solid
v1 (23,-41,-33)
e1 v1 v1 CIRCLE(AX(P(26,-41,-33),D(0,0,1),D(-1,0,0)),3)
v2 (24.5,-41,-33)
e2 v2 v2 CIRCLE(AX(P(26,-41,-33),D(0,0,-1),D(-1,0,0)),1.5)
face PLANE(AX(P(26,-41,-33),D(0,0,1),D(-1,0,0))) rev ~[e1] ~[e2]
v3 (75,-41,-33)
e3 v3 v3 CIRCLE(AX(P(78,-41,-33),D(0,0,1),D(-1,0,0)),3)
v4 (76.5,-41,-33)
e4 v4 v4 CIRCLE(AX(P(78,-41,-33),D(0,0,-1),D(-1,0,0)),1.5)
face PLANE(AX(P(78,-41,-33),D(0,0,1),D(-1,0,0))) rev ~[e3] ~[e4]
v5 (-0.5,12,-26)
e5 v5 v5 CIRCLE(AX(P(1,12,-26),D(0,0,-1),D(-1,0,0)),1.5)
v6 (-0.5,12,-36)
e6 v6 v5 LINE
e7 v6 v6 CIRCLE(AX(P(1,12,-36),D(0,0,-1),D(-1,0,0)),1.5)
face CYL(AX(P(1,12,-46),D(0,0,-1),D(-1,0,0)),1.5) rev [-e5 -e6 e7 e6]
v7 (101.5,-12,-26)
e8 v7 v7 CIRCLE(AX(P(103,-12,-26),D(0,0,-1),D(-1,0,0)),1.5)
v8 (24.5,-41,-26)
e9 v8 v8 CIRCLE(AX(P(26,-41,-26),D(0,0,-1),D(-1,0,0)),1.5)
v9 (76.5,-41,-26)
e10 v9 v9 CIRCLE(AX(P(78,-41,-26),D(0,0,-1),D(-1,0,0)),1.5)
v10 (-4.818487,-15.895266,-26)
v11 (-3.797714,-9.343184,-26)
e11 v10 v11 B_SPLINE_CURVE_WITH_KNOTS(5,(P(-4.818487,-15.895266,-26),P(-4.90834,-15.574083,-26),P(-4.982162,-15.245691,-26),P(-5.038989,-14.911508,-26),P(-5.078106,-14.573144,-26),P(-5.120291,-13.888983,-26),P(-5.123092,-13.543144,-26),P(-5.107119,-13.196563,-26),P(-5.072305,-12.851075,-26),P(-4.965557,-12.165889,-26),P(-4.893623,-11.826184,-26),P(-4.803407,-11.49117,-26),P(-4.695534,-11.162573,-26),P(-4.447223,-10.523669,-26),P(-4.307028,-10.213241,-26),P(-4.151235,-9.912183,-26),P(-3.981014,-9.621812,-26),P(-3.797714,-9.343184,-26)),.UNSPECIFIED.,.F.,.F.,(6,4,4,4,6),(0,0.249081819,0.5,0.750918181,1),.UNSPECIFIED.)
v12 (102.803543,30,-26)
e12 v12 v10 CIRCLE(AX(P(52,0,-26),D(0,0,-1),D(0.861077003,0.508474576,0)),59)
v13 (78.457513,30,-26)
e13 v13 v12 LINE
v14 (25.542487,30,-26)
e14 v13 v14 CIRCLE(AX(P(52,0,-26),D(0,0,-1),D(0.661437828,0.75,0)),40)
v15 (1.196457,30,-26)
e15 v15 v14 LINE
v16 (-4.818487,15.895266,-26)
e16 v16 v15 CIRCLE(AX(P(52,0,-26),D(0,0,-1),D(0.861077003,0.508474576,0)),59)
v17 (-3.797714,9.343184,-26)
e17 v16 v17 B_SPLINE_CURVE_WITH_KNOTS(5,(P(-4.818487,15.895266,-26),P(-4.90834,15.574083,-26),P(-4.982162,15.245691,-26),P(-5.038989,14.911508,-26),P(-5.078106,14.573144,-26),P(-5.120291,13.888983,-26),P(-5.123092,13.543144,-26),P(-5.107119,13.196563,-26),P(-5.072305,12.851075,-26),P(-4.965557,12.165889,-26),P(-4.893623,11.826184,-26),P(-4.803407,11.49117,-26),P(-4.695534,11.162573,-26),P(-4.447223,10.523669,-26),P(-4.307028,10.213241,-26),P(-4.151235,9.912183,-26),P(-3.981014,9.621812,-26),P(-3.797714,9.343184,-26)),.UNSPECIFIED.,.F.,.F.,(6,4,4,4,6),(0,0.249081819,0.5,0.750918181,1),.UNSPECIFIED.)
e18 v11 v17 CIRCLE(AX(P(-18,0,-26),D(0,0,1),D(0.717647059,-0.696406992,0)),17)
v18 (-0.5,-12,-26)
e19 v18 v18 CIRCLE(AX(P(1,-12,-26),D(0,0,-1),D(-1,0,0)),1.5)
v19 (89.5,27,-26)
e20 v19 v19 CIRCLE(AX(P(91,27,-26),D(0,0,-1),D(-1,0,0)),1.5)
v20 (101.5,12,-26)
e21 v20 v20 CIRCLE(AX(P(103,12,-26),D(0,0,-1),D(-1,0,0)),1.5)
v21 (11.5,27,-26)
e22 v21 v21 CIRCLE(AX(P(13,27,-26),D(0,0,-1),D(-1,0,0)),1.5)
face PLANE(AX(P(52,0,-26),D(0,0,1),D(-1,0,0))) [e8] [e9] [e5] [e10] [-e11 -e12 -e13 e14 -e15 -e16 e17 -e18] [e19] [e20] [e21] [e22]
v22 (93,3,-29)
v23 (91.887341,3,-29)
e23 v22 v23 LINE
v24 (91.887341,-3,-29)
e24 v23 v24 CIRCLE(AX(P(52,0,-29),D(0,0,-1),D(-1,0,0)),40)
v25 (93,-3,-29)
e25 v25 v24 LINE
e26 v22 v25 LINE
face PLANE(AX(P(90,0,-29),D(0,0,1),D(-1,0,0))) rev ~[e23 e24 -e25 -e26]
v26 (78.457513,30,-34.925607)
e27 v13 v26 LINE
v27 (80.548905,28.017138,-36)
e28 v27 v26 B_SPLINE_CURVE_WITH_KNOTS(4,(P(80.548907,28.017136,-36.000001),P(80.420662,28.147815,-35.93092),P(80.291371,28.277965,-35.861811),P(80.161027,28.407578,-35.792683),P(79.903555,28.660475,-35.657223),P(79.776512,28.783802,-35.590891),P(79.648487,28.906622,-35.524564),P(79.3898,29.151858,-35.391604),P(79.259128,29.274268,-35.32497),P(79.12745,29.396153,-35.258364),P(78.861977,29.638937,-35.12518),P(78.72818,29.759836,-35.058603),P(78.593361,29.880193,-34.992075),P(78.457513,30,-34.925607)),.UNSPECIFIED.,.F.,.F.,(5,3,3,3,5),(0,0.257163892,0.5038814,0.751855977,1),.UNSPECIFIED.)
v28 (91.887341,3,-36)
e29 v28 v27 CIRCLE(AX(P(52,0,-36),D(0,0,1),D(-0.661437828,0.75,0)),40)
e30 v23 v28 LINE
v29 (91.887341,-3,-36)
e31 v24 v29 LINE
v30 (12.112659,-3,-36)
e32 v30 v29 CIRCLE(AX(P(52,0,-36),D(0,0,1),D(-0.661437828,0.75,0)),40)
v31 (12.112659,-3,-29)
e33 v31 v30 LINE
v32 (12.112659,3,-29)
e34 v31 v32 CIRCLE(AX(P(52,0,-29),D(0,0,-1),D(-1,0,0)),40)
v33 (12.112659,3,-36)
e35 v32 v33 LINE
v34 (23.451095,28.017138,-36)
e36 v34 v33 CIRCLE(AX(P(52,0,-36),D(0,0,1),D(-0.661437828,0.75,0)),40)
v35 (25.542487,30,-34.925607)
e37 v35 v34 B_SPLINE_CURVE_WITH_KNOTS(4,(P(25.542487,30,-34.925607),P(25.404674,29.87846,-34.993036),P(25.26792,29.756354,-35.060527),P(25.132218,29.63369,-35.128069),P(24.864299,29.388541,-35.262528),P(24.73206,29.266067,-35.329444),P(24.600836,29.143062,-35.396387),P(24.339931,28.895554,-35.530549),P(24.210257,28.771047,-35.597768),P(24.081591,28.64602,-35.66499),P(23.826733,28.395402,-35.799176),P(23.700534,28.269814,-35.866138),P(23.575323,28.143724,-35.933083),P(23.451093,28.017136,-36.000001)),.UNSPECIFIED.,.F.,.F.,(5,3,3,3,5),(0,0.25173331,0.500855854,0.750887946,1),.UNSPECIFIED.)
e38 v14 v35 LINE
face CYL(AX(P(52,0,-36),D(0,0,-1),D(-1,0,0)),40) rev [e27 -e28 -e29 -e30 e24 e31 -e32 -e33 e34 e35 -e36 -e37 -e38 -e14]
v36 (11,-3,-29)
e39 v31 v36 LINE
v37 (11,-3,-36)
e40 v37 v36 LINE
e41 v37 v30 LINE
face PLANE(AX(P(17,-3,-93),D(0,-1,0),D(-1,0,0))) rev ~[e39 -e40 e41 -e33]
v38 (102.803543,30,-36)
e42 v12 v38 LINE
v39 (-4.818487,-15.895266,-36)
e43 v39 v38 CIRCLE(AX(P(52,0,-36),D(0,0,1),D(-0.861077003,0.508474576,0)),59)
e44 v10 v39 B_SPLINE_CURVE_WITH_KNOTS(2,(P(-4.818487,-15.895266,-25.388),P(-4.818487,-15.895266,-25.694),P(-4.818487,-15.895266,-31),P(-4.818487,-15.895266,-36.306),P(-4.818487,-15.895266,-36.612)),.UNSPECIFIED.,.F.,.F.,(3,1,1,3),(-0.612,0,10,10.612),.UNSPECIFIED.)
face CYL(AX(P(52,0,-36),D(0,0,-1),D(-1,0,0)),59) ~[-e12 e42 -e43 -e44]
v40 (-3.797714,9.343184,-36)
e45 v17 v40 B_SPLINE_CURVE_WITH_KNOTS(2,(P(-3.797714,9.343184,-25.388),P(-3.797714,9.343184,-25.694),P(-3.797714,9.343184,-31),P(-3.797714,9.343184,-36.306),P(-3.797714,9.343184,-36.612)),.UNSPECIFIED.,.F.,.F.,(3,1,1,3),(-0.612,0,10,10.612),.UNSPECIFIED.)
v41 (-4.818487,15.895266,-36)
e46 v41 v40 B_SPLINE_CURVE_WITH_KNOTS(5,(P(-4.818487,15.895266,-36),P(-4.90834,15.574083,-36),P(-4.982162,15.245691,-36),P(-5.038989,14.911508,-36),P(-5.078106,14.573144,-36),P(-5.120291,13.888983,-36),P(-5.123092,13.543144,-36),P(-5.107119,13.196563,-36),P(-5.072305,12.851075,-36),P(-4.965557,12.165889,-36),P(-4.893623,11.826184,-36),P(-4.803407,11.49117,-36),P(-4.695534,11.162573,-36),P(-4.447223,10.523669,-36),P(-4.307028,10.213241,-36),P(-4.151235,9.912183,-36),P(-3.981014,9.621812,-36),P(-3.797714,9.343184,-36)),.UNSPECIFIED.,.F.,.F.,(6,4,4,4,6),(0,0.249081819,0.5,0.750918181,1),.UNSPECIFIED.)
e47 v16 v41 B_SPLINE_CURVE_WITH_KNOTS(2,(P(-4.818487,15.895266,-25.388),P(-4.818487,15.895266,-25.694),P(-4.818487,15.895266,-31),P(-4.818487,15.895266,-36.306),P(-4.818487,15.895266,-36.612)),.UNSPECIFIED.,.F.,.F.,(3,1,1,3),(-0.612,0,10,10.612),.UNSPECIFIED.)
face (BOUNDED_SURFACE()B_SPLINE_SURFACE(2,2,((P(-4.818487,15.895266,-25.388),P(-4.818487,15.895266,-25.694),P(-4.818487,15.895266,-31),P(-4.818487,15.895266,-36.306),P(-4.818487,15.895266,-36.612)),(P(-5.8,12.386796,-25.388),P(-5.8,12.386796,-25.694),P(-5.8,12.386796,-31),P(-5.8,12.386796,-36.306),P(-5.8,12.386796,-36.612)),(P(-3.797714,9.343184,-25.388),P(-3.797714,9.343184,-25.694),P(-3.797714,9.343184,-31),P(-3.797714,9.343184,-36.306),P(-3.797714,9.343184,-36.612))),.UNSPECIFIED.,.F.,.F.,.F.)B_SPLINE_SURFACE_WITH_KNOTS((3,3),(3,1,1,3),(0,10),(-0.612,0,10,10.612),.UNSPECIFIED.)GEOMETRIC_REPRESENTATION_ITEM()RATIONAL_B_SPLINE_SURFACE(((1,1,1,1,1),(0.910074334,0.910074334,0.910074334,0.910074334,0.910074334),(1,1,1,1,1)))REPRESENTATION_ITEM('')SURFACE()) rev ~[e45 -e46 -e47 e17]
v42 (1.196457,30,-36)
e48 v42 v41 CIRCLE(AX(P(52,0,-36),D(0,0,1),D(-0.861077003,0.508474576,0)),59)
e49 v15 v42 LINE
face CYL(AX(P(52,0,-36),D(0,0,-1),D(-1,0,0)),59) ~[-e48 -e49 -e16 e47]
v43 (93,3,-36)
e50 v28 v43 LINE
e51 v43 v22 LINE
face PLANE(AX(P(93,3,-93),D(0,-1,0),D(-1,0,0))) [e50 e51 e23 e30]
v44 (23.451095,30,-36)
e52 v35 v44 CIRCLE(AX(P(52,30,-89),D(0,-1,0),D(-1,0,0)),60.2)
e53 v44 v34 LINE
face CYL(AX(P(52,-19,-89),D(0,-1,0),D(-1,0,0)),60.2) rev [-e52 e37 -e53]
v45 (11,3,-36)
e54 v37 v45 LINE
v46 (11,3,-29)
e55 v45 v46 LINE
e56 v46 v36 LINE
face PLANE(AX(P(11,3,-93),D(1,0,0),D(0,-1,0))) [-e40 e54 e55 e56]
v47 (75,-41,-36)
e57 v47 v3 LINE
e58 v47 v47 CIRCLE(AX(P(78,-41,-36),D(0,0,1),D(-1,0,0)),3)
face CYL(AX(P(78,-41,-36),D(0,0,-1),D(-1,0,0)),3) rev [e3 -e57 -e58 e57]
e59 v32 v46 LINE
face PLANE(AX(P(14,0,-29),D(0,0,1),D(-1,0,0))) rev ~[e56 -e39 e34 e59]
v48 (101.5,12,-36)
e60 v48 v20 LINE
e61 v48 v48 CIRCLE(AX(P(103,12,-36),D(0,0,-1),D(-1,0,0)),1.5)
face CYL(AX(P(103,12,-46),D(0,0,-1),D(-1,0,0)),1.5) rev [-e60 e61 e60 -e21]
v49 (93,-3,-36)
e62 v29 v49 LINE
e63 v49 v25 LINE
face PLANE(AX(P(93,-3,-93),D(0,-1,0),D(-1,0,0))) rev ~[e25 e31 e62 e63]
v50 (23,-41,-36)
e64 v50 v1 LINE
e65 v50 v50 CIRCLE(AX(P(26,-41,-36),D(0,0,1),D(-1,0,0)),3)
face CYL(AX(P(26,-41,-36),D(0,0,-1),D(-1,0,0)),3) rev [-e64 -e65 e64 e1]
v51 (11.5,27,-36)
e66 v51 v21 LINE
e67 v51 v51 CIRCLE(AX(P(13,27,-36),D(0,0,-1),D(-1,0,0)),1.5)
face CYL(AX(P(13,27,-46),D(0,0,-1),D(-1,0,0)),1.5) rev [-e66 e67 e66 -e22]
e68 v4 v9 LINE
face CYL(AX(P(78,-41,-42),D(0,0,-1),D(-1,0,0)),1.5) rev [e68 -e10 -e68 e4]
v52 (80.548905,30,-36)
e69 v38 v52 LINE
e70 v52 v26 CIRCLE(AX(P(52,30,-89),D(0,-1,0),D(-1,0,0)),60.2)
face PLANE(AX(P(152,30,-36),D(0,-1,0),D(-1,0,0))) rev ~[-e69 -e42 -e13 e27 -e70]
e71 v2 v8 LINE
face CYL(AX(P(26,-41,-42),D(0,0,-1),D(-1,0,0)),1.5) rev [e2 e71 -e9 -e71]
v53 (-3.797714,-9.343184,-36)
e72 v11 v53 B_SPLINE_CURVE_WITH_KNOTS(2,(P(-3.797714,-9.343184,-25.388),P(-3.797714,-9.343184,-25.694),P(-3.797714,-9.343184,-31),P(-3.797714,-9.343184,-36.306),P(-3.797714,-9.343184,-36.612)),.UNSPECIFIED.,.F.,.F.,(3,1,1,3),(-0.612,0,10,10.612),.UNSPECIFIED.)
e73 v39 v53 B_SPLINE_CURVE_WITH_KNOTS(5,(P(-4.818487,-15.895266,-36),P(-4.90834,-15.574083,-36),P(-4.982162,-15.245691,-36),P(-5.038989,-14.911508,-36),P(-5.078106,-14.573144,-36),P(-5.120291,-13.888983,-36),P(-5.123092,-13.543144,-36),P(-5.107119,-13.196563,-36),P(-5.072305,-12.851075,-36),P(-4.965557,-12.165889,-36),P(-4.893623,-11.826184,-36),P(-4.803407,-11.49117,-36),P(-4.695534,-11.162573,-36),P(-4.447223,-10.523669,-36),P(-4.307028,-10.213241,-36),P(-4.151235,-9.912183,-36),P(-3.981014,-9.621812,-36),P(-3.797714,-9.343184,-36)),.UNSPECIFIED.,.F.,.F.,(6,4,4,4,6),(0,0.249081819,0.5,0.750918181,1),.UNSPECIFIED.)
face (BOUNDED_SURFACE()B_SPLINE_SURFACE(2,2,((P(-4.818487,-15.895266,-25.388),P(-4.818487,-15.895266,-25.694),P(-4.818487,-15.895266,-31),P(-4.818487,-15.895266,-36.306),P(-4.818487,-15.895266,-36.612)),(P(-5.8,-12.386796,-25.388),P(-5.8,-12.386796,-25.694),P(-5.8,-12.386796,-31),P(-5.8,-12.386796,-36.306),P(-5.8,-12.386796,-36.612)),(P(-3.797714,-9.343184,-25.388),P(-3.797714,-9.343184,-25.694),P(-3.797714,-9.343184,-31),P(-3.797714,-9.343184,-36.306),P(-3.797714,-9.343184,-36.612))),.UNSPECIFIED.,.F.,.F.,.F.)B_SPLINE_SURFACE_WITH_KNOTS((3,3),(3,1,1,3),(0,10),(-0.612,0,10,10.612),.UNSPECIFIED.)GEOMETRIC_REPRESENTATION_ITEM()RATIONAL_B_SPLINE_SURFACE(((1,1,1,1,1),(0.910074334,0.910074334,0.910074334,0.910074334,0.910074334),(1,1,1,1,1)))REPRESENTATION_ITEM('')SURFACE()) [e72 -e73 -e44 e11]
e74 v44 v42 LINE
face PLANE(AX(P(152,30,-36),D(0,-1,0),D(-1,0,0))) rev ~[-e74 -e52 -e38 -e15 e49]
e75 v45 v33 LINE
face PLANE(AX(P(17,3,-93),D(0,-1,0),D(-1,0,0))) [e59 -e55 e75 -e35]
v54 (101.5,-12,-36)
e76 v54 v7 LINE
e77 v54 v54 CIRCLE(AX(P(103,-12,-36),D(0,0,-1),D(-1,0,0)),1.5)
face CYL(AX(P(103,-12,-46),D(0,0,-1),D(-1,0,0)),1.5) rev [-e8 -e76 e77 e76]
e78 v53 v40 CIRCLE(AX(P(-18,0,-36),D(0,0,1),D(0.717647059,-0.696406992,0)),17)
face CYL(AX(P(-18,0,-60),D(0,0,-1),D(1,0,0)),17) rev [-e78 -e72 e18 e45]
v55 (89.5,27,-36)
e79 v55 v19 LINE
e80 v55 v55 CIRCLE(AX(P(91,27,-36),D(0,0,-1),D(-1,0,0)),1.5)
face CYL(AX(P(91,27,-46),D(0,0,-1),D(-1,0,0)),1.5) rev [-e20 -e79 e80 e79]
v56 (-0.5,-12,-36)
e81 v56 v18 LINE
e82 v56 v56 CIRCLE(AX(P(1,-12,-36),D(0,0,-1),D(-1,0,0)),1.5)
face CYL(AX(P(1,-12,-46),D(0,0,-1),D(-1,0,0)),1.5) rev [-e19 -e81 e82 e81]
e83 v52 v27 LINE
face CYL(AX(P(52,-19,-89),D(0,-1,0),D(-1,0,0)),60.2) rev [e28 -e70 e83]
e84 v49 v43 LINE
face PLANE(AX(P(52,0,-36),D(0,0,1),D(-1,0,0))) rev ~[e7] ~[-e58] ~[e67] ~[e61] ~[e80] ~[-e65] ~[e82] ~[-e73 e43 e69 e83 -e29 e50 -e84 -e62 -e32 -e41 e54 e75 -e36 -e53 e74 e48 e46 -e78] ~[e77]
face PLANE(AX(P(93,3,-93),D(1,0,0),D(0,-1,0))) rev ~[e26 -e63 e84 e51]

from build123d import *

# Parameters (mm, degrees)
CYLINDER2353_R         = 17
CYLINDER2353_DEPTH     = 160
CYLINDER2410_R         = 60.2
CYLINDER2410_DEPTH     = 58
BOX593_W               = 6
BOX593_H               = 6
BOX593_DEPTH           = 64
BOX592_W               = 6
BOX592_H               = 6
BOX592_DEPTH           = 64
CYLINDER2386_R         = 3
CYLINDER2386_DEPTH     = 3
CYLINDER2368_R         = 3
CYLINDER2368_DEPTH     = 3
CYLINDER2394_R         = 1.5
CYLINDER2394_DEPTH     = 32
CYLINDER2392_R         = 1.5
CYLINDER2392_DEPTH     = 32
CYLINDER2391_R         = 1.5
CYLINDER2391_DEPTH     = 100
CYLINDER2406_R         = 1.5
CYLINDER2406_DEPTH     = 100
CYLINDER2396_R         = 1.5
CYLINDER2396_DEPTH     = 50
CYLINDER2393_R         = 1.5
CYLINDER2393_DEPTH     = 50
CYLINDER2389_R         = 1.5
CYLINDER2389_DEPTH     = 50
CYLINDER2398_R         = 1.5
CYLINDER2398_DEPTH     = 50
CYLINDER2379_R         = 1.5
CYLINDER2379_DEPTH     = 100
CYLINDER2399_R         = 1.5
CYLINDER2399_DEPTH     = 100
CYLINDER2401_R         = 1.5
CYLINDER2401_DEPTH     = 100
CYLINDER2405_R         = 1.5
CYLINDER2405_DEPTH     = 100
BOX590_W               = 200
BOX590_H               = 100
BOX590_DEPTH           = 32
TUBE096_R              = 59
TUBE096_R_2            = 40
TUBE096_DEPTH          = 10
CUT574_PLACEMENT_ANGLE = 180
FILLET047_R            = 8


with BuildPart() as v_lec2353:
    # Cylinder2353 → Cylinder2353 (new body)
    with BuildSketch(Plane(origin=(-18, 0, -60), x_dir=(1, 0, 0), z_dir=(0, 0, 1))):
        Circle(CYLINDER2353_R)
    extrude(amount=CYLINDER2353_DEPTH)


with BuildPart() as v_lec2410:
    # Cylinder2410 → Cylinder2410 (new body)
    with BuildSketch(Plane(origin=(0, 19, -53), x_dir=(1, 0, 0), z_dir=(0, -1, 0))):
        Circle(CYLINDER2410_R)
    extrude(amount=CYLINDER2410_DEPTH)


with BuildPart() as krychle593:
    # Box593 → Box593 (new body)
    with BuildSketch(Plane(origin=(87, -3, -93), x_dir=(1, 0, 0), z_dir=(0, 0, 1))):
        with Locations((3, 3)):
            Rectangle(BOX593_W, BOX593_H)
    extrude(amount=BOX593_DEPTH)


with BuildPart() as compound1005:
    # Box592 → Box592 (new body)
    with BuildSketch(Plane(origin=(11, -3, -93), x_dir=(1, 0, 0), z_dir=(0, 0, 1))):
        with Locations((3, 3)):
            Rectangle(BOX592_W, BOX592_H)
    extrude(amount=BOX592_DEPTH)

    # Compound1005: union Krychle593
    add(krychle593.part)


with BuildPart() as compound1005_1:
    # Compound1005 placement: moved
    add(compound1005.part.moved(Location((-52, 0, 36))))


with BuildPart() as v_lec2386:
    # Cylinder2386 → Cylinder2386 (new body)
    with BuildSketch(Plane(origin=(78, 41, -42), x_dir=(1, 0, 0), z_dir=(0, 0, 1))):
        Circle(CYLINDER2386_R)
    extrude(amount=CYLINDER2386_DEPTH)


with BuildPart() as compound1002:
    # Cylinder2368 → Cylinder2368 (new body)
    with BuildSketch(Plane(origin=(26, 41, -42), x_dir=(1, 0, 0), z_dir=(0, 0, 1))):
        Circle(CYLINDER2368_R)
    extrude(amount=CYLINDER2368_DEPTH)

    # Compound1002: union Válec2386
    add(v_lec2386.part)


with BuildPart() as compound1002_1:
    # Compound1002 placement: moved
    add(compound1002.part.moved(Location((-52, 0, 42))))


with BuildPart() as v_lec2394:
    # Cylinder2394 → Cylinder2394 (new body)
    with BuildSketch(Plane(origin=(78, 41, -42), x_dir=(1, 0, 0), z_dir=(0, 0, 1))):
        Circle(CYLINDER2394_R)
    extrude(amount=CYLINDER2394_DEPTH)


with BuildPart() as compound1008:
    # Cylinder2392 → Cylinder2392 (new body)
    with BuildSketch(Plane(origin=(26, 41, -42), x_dir=(1, 0, 0), z_dir=(0, 0, 1))):
        Circle(CYLINDER2392_R)
    extrude(amount=CYLINDER2392_DEPTH)

    # Compound1008: union Válec2394
    add(v_lec2394.part)


with BuildPart() as compound1008_1:
    # Compound1008 placement: moved
    add(compound1008.part.moved(Location((-52, 0, 36))))


with BuildPart() as v_lec2391:
    # Cylinder2391 → Cylinder2391 (new body)
    with BuildSketch(Plane(origin=(14, 0, -60), x_dir=(1, 0, 0), z_dir=(0, 0, 1))):
        Circle(CYLINDER2391_R)
    extrude(amount=CYLINDER2391_DEPTH)


with BuildPart() as compound1006:
    # Cylinder2406 → Cylinder2406 (new body)
    with BuildSketch(Plane(origin=(90, 0, -60), x_dir=(1, 0, 0), z_dir=(0, 0, 1))):
        Circle(CYLINDER2406_R)
    extrude(amount=CYLINDER2406_DEPTH)

    # Compound1022: union Válec2391
    add(v_lec2391.part)


with BuildPart() as compound1006_1:
    # Compound1022 placement: moved
    add(compound1006.part.moved(Location((-52, 0, 0))))

    # Compound1006: union Compound1008
    add(compound1008_1.part)


with BuildPart() as v_lec2396:
    # Cylinder2396 → Cylinder2396 (new body)
    with BuildSketch(Plane(origin=(-51, 6, 0), x_dir=(1, 0, 0), z_dir=(0, 0, 1))):
        Circle(CYLINDER2396_R)
    extrude(amount=CYLINDER2396_DEPTH)


with BuildPart() as v_lec2393:
    # Cylinder2393 → Cylinder2393 (new body)
    with BuildSketch(Plane(origin=(-24, 18, 0), x_dir=(1, 0, 0), z_dir=(0, 0, 1))):
        Circle(CYLINDER2393_R)
    extrude(amount=CYLINDER2393_DEPTH)


with BuildPart() as v_lec2389:
    # Cylinder2389 → Cylinder2389 (new body)
    with BuildSketch(Plane(origin=(24, 18, 0), x_dir=(1, 0, 0), z_dir=(0, 0, 1))):
        Circle(CYLINDER2389_R)
    extrude(amount=CYLINDER2389_DEPTH)


with BuildPart() as compound1015:
    # Cylinder2398 → Cylinder2398 (new body)
    with BuildSketch(Plane(origin=(51, 6, 0), x_dir=(1, 0, 0), z_dir=(0, 0, 1))):
        Circle(CYLINDER2398_R)
    extrude(amount=CYLINDER2398_DEPTH)

    # Compound1015: union Válec2396, Válec2393, Válec2389
    add(v_lec2396.part)
    add(v_lec2393.part)
    add(v_lec2389.part)


with BuildPart() as compound1015_1:
    # Compound1015 placement: moved
    add(compound1015.part.moved(Location((0, 6, 0))))


with BuildPart() as v_lec2379:
    # Cylinder2379 → Cylinder2379 (new body)
    with BuildSketch(Plane(origin=(51, -12, 0), x_dir=(1, 0, 0), z_dir=(0, 0, 1))):
        Circle(CYLINDER2379_R)
    extrude(amount=CYLINDER2379_DEPTH)


with BuildPart() as compound997:
    # Cylinder2399 → Cylinder2399 (new body)
    with BuildSketch(Plane(origin=(-51, -12, 0), x_dir=(1, 0, 0), z_dir=(0, 0, 1))):
        Circle(CYLINDER2399_R)
    extrude(amount=CYLINDER2399_DEPTH)

    # Compound997: union Válec2379
    add(v_lec2379.part)


with BuildPart() as v_lec2401:
    # Cylinder2401 → Cylinder2401 (new body)
    with BuildSketch(Plane(origin=(39, -21, 0), x_dir=(1, 0, 0), z_dir=(0, 0, 1))):
        Circle(CYLINDER2401_R)
    extrude(amount=CYLINDER2401_DEPTH)


with BuildPart() as compound1018:
    # Cylinder2405 → Cylinder2405 (new body)
    with BuildSketch(Plane(origin=(-39, -21, 0), x_dir=(1, 0, 0), z_dir=(0, 0, 1))):
        Circle(CYLINDER2405_R)
    extrude(amount=CYLINDER2405_DEPTH)

    # Compound1017: union Válec2401
    add(v_lec2401.part)


with BuildPart() as compound1018_1:
    # Compound1017 placement: moved
    add(compound1018.part.moved(Location((0, -6, 0))))

    # Compound1018: union Compound1015, Compound997
    add(compound1015_1.part)
    add(compound997.part)


with BuildPart() as compound1018_2:
    # Compound1018 placement: moved
    add(compound1018_1.part.moved(Location((0, 0, -10))))


with BuildPart() as krychle590:
    # Box590 → Box590 (new body)
    with BuildSketch(Plane(origin=(-100, -130, 0), x_dir=(1, 0, 0), z_dir=(0, 0, 1))):
        with Locations((100, 50)):
            Rectangle(BOX590_W, BOX590_H)
    extrude(amount=BOX590_DEPTH)


with BuildPart() as fillet047:
    # Tube096 → Tube096 (new body)
    with BuildSketch(Plane.XY):
        Circle(TUBE096_R)
        Circle(TUBE096_R_2, mode=Mode.SUBTRACT)
    extrude(amount=TUBE096_DEPTH)

    # Cut575: cut Krychle590
    add(krychle590.part, mode=Mode.SUBTRACT)

    # Cut591: cut Compound1018
    add(compound1018_2.part, mode=Mode.SUBTRACT)

    # Cut585: cut Compound1006
    add(compound1006_1.part, mode=Mode.SUBTRACT)

    # Cut578: cut Compound1002
    add(compound1002_1.part, mode=Mode.SUBTRACT)

    # Cut592: cut Compound1005
    add(compound1005_1.part, mode=Mode.SUBTRACT)

    # Cut574: cut Válec2410
    add(v_lec2410.part, mode=Mode.SUBTRACT)


with BuildPart() as fillet047_1:
    # Cut574 placement: moved
    add(fillet047.part.moved(Location((52, 0, -36))).rotate(Axis((52, 0, -36), (0, 0, 1)), CUT574_PLACEMENT_ANGLE))

    # Cut593: cut Válec2353
    add(v_lec2353.part, mode=Mode.SUBTRACT)

    # Fillet047
    fillet047_edges = [fillet047_1.edges().sort_by_distance(p)[0] for p in [
        (-5.8, 11.838919, -31),
        (-5.8, -11.838919, -31),
    ]]
    fillet(fillet047_edges, radius=FILLET047_R)


solid = fillet047_1.part
